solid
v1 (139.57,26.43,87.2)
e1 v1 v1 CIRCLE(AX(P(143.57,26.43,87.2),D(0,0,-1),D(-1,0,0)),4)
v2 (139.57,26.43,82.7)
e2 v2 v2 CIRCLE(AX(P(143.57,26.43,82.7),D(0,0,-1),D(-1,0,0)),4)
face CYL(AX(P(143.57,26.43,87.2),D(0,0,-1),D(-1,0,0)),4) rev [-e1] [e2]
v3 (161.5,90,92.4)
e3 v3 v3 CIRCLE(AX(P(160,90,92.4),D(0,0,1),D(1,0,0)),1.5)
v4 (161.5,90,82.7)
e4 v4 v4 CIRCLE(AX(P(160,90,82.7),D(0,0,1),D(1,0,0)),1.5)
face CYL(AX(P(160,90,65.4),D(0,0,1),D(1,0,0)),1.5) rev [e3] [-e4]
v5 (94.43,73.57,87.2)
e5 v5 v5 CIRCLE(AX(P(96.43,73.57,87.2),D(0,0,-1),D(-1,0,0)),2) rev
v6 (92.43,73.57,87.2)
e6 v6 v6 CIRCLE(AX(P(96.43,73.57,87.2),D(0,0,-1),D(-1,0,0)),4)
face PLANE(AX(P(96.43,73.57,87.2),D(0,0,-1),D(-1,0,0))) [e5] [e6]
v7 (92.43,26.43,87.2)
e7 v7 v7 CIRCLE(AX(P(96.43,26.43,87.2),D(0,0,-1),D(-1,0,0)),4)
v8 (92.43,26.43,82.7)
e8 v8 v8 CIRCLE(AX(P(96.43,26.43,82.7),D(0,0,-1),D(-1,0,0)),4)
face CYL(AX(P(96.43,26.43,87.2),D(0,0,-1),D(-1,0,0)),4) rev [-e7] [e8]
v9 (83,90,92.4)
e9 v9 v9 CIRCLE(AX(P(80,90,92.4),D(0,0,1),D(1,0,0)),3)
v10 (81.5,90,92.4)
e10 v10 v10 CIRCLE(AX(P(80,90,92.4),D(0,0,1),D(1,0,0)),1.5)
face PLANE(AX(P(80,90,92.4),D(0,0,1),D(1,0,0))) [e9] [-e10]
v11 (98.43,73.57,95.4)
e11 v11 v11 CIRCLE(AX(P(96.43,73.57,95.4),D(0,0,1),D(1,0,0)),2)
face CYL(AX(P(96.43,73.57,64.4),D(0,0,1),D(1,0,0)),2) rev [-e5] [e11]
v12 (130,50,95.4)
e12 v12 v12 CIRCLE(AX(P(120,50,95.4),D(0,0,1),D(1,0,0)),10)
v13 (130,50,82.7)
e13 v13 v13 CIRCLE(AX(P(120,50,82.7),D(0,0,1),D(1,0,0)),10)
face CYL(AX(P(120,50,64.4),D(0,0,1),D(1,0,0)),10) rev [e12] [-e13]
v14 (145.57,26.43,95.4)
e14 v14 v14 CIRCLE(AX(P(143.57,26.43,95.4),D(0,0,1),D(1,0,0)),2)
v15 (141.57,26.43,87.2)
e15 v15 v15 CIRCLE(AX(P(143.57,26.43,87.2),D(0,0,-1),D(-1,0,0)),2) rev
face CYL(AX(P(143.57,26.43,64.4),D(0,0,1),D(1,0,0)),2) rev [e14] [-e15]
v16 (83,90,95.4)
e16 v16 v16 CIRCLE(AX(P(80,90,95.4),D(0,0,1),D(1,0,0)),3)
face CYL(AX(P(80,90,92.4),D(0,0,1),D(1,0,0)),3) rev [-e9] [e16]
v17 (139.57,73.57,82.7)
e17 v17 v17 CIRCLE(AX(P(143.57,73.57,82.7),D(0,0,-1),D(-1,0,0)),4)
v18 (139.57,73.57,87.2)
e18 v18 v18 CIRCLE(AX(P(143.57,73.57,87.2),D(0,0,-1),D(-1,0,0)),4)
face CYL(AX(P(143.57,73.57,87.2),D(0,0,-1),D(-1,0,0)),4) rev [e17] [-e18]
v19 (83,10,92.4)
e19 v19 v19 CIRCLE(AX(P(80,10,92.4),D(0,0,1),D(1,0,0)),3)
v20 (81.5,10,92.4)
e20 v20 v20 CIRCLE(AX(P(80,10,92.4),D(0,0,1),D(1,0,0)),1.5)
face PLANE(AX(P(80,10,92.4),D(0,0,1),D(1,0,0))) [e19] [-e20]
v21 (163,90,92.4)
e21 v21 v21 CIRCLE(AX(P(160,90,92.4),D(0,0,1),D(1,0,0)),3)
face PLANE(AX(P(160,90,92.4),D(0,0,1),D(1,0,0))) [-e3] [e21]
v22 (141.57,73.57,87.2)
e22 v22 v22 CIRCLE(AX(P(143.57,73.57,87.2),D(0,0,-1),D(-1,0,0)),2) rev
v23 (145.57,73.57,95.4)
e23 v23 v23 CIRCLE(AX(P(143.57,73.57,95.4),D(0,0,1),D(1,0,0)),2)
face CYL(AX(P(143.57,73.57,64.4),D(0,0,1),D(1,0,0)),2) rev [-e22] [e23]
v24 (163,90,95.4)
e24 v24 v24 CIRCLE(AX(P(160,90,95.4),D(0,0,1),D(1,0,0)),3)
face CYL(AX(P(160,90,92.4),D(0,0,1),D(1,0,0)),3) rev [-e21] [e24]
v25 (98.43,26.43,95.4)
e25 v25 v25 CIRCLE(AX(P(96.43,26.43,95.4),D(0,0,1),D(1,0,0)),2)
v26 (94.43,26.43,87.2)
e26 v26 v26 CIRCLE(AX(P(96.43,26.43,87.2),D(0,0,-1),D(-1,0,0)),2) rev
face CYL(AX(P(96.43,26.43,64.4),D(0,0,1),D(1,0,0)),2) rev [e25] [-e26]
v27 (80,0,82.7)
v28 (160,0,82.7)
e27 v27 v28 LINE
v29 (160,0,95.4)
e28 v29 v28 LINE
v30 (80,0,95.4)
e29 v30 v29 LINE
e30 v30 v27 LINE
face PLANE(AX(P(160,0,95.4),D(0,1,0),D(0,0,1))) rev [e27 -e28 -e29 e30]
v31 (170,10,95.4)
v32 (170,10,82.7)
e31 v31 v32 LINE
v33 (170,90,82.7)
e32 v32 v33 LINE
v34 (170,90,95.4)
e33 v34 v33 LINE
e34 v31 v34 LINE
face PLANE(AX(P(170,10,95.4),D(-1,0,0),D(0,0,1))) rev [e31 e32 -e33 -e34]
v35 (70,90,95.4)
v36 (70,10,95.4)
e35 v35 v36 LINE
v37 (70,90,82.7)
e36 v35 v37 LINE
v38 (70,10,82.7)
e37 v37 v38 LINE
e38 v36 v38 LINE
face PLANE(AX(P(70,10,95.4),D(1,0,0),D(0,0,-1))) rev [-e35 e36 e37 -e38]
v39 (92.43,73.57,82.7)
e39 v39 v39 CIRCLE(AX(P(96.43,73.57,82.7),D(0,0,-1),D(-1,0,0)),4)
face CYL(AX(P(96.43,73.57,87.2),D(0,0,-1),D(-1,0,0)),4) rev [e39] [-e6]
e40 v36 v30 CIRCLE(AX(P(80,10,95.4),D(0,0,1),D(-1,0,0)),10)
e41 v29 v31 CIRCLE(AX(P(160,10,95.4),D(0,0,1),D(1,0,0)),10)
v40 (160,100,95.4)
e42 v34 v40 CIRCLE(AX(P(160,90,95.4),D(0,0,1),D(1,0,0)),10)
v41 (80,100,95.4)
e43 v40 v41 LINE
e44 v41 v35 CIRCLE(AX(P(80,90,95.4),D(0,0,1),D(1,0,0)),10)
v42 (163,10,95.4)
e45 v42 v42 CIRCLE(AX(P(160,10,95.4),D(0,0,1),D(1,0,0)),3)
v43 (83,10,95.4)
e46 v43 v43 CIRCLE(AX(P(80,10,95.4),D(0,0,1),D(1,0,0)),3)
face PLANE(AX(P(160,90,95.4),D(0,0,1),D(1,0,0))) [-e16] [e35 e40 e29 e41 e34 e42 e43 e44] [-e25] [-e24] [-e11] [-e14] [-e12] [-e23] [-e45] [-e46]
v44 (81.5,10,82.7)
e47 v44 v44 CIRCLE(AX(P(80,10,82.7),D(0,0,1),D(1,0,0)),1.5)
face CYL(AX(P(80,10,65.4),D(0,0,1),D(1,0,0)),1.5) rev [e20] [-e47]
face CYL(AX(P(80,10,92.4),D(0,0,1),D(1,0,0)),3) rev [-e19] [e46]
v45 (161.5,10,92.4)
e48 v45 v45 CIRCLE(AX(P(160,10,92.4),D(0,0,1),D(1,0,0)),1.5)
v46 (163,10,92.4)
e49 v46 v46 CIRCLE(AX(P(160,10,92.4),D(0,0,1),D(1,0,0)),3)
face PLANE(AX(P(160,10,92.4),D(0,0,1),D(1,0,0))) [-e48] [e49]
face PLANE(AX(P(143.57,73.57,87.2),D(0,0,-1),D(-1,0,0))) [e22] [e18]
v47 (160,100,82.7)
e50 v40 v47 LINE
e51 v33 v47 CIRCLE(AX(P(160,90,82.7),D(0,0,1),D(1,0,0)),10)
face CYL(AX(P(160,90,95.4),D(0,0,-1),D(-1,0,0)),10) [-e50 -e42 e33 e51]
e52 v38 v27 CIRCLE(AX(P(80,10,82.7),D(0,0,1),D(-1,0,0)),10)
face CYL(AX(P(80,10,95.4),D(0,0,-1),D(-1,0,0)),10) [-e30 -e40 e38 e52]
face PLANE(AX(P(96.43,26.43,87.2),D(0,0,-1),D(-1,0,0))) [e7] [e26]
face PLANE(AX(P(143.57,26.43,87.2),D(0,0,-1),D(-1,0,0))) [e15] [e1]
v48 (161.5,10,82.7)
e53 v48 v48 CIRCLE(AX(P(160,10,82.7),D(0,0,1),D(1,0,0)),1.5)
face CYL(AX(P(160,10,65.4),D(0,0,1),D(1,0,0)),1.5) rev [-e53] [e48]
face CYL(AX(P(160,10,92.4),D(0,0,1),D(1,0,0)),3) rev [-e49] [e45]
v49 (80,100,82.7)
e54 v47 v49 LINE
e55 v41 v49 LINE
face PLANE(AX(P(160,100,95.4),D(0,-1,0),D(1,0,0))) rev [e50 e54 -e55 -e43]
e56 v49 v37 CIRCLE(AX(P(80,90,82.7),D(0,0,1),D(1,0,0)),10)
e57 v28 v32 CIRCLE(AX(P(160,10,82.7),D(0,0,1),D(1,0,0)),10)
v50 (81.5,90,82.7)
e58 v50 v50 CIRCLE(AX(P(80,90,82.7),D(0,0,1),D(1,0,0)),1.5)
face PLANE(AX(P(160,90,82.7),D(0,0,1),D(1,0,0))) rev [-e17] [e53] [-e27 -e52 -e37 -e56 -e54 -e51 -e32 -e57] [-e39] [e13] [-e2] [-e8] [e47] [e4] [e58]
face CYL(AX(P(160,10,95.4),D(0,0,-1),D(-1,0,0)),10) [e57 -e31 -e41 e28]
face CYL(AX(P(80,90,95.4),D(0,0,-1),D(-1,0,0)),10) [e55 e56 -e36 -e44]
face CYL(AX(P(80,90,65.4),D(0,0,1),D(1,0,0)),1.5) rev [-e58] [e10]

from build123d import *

# Parameters (mm, degrees)
SALIENTE_EXTRUIR4_START = 70
SALIENTE_EXTRUIR4_DEPTH = 12.7
CROQUIS8_R              = 3
CORTAR_EXTRUIR1_DEPTH   = 3
CROQUIS13_R             = 1.5
CORTAR_EXTRUIR4_DEPTH   = 30
CROQUIS16_R             = 10
CROQUIS16_R_2           = 2
CORTAR_EXTRUIR6_DEPTH   = 31
CROQUIS21_R             = 4
CORTAR_EXTRUIR12_DEPTH  = 4.5


with BuildPart() as part:
    # Croquis5 → Saliente-Extruir4 (new body)
    with BuildSketch(Plane.XY.offset(12.7).offset(SALIENTE_EXTRUIR4_START)):
        with BuildLine():
            Line((160, 0), (80, 0))
            ThreePointArc((80, 0), (72.928932188, 2.928932188), (70, 10))
            Line((70, 10), (70, 90))
            ThreePointArc((70, 90), (72.928932188, 97.071067812), (80, 100))
            Line((80, 100), (160, 100))
            ThreePointArc((160, 100), (167.071067812, 97.071067812), (170, 90))
            Line((170, 90), (170, 10))
            ThreePointArc((170, 10), (167.071067812, 2.928932188), (160, 0))
        make_face()
    extrude(amount=SALIENTE_EXTRUIR4_DEPTH)

    # Croquis8 → Cortar-Extruir1 (cut)
    with BuildSketch(Plane.XY.offset(95.4)):
        with Locations((80, 90)):
            Circle(CROQUIS8_R)
        with Locations((160, 90)):
            Circle(CROQUIS8_R)
        with Locations((160, 10)):
            Circle(CROQUIS8_R)
        with Locations((80, 10)):
            Circle(CROQUIS8_R)
    extrude(amount=-CORTAR_EXTRUIR1_DEPTH, mode=Mode.SUBTRACT)

    # Croquis13 → Cortar-Extruir4 (cut)
    with BuildSketch(Plane.XY.offset(95.4)):
        with Locations((80, 90)):
            Circle(CROQUIS13_R)
        with Locations((160, 90)):
            Circle(CROQUIS13_R)
        with Locations((160, 10)):
            Circle(CROQUIS13_R)
        with Locations((80, 10)):
            Circle(CROQUIS13_R)
    extrude(amount=-CORTAR_EXTRUIR4_DEPTH, mode=Mode.SUBTRACT)

    # Croquis16 → Cortar-Extruir6 (cut)
    with BuildSketch(Plane.XY.offset(95.4)):
        with Locations((120, 50)):
            Circle(CROQUIS16_R)
        with Locations((96.43, 73.57)):
            Circle(CROQUIS16_R_2)
        with Locations((143.57, 73.57)):
            Circle(CROQUIS16_R_2)
        with Locations((96.43, 26.43)):
            Circle(CROQUIS16_R_2)
        with Locations((143.57, 26.43)):
            Circle(CROQUIS16_R_2)
    extrude(amount=-CORTAR_EXTRUIR6_DEPTH, mode=Mode.SUBTRACT)

    # Croquis21 → Cortar-Extruir12 (cut)
    with BuildSketch(Plane(origin=(0, 0, 82.7), x_dir=(-1, 0, 0), z_dir=(0, 0, -1))):
        with Locations((-143.57, 73.57)):
            Circle(CROQUIS21_R)
        with Locations((-96.43, 73.57)):
            Circle(CROQUIS21_R)
        with Locations((-143.57, 26.43)):
            Circle(CROQUIS21_R)
        with Locations((-96.43, 26.43)):
            Circle(CROQUIS21_R)
    extrude(amount=-CORTAR_EXTRUIR12_DEPTH, mode=Mode.SUBTRACT)


solid = part.part
